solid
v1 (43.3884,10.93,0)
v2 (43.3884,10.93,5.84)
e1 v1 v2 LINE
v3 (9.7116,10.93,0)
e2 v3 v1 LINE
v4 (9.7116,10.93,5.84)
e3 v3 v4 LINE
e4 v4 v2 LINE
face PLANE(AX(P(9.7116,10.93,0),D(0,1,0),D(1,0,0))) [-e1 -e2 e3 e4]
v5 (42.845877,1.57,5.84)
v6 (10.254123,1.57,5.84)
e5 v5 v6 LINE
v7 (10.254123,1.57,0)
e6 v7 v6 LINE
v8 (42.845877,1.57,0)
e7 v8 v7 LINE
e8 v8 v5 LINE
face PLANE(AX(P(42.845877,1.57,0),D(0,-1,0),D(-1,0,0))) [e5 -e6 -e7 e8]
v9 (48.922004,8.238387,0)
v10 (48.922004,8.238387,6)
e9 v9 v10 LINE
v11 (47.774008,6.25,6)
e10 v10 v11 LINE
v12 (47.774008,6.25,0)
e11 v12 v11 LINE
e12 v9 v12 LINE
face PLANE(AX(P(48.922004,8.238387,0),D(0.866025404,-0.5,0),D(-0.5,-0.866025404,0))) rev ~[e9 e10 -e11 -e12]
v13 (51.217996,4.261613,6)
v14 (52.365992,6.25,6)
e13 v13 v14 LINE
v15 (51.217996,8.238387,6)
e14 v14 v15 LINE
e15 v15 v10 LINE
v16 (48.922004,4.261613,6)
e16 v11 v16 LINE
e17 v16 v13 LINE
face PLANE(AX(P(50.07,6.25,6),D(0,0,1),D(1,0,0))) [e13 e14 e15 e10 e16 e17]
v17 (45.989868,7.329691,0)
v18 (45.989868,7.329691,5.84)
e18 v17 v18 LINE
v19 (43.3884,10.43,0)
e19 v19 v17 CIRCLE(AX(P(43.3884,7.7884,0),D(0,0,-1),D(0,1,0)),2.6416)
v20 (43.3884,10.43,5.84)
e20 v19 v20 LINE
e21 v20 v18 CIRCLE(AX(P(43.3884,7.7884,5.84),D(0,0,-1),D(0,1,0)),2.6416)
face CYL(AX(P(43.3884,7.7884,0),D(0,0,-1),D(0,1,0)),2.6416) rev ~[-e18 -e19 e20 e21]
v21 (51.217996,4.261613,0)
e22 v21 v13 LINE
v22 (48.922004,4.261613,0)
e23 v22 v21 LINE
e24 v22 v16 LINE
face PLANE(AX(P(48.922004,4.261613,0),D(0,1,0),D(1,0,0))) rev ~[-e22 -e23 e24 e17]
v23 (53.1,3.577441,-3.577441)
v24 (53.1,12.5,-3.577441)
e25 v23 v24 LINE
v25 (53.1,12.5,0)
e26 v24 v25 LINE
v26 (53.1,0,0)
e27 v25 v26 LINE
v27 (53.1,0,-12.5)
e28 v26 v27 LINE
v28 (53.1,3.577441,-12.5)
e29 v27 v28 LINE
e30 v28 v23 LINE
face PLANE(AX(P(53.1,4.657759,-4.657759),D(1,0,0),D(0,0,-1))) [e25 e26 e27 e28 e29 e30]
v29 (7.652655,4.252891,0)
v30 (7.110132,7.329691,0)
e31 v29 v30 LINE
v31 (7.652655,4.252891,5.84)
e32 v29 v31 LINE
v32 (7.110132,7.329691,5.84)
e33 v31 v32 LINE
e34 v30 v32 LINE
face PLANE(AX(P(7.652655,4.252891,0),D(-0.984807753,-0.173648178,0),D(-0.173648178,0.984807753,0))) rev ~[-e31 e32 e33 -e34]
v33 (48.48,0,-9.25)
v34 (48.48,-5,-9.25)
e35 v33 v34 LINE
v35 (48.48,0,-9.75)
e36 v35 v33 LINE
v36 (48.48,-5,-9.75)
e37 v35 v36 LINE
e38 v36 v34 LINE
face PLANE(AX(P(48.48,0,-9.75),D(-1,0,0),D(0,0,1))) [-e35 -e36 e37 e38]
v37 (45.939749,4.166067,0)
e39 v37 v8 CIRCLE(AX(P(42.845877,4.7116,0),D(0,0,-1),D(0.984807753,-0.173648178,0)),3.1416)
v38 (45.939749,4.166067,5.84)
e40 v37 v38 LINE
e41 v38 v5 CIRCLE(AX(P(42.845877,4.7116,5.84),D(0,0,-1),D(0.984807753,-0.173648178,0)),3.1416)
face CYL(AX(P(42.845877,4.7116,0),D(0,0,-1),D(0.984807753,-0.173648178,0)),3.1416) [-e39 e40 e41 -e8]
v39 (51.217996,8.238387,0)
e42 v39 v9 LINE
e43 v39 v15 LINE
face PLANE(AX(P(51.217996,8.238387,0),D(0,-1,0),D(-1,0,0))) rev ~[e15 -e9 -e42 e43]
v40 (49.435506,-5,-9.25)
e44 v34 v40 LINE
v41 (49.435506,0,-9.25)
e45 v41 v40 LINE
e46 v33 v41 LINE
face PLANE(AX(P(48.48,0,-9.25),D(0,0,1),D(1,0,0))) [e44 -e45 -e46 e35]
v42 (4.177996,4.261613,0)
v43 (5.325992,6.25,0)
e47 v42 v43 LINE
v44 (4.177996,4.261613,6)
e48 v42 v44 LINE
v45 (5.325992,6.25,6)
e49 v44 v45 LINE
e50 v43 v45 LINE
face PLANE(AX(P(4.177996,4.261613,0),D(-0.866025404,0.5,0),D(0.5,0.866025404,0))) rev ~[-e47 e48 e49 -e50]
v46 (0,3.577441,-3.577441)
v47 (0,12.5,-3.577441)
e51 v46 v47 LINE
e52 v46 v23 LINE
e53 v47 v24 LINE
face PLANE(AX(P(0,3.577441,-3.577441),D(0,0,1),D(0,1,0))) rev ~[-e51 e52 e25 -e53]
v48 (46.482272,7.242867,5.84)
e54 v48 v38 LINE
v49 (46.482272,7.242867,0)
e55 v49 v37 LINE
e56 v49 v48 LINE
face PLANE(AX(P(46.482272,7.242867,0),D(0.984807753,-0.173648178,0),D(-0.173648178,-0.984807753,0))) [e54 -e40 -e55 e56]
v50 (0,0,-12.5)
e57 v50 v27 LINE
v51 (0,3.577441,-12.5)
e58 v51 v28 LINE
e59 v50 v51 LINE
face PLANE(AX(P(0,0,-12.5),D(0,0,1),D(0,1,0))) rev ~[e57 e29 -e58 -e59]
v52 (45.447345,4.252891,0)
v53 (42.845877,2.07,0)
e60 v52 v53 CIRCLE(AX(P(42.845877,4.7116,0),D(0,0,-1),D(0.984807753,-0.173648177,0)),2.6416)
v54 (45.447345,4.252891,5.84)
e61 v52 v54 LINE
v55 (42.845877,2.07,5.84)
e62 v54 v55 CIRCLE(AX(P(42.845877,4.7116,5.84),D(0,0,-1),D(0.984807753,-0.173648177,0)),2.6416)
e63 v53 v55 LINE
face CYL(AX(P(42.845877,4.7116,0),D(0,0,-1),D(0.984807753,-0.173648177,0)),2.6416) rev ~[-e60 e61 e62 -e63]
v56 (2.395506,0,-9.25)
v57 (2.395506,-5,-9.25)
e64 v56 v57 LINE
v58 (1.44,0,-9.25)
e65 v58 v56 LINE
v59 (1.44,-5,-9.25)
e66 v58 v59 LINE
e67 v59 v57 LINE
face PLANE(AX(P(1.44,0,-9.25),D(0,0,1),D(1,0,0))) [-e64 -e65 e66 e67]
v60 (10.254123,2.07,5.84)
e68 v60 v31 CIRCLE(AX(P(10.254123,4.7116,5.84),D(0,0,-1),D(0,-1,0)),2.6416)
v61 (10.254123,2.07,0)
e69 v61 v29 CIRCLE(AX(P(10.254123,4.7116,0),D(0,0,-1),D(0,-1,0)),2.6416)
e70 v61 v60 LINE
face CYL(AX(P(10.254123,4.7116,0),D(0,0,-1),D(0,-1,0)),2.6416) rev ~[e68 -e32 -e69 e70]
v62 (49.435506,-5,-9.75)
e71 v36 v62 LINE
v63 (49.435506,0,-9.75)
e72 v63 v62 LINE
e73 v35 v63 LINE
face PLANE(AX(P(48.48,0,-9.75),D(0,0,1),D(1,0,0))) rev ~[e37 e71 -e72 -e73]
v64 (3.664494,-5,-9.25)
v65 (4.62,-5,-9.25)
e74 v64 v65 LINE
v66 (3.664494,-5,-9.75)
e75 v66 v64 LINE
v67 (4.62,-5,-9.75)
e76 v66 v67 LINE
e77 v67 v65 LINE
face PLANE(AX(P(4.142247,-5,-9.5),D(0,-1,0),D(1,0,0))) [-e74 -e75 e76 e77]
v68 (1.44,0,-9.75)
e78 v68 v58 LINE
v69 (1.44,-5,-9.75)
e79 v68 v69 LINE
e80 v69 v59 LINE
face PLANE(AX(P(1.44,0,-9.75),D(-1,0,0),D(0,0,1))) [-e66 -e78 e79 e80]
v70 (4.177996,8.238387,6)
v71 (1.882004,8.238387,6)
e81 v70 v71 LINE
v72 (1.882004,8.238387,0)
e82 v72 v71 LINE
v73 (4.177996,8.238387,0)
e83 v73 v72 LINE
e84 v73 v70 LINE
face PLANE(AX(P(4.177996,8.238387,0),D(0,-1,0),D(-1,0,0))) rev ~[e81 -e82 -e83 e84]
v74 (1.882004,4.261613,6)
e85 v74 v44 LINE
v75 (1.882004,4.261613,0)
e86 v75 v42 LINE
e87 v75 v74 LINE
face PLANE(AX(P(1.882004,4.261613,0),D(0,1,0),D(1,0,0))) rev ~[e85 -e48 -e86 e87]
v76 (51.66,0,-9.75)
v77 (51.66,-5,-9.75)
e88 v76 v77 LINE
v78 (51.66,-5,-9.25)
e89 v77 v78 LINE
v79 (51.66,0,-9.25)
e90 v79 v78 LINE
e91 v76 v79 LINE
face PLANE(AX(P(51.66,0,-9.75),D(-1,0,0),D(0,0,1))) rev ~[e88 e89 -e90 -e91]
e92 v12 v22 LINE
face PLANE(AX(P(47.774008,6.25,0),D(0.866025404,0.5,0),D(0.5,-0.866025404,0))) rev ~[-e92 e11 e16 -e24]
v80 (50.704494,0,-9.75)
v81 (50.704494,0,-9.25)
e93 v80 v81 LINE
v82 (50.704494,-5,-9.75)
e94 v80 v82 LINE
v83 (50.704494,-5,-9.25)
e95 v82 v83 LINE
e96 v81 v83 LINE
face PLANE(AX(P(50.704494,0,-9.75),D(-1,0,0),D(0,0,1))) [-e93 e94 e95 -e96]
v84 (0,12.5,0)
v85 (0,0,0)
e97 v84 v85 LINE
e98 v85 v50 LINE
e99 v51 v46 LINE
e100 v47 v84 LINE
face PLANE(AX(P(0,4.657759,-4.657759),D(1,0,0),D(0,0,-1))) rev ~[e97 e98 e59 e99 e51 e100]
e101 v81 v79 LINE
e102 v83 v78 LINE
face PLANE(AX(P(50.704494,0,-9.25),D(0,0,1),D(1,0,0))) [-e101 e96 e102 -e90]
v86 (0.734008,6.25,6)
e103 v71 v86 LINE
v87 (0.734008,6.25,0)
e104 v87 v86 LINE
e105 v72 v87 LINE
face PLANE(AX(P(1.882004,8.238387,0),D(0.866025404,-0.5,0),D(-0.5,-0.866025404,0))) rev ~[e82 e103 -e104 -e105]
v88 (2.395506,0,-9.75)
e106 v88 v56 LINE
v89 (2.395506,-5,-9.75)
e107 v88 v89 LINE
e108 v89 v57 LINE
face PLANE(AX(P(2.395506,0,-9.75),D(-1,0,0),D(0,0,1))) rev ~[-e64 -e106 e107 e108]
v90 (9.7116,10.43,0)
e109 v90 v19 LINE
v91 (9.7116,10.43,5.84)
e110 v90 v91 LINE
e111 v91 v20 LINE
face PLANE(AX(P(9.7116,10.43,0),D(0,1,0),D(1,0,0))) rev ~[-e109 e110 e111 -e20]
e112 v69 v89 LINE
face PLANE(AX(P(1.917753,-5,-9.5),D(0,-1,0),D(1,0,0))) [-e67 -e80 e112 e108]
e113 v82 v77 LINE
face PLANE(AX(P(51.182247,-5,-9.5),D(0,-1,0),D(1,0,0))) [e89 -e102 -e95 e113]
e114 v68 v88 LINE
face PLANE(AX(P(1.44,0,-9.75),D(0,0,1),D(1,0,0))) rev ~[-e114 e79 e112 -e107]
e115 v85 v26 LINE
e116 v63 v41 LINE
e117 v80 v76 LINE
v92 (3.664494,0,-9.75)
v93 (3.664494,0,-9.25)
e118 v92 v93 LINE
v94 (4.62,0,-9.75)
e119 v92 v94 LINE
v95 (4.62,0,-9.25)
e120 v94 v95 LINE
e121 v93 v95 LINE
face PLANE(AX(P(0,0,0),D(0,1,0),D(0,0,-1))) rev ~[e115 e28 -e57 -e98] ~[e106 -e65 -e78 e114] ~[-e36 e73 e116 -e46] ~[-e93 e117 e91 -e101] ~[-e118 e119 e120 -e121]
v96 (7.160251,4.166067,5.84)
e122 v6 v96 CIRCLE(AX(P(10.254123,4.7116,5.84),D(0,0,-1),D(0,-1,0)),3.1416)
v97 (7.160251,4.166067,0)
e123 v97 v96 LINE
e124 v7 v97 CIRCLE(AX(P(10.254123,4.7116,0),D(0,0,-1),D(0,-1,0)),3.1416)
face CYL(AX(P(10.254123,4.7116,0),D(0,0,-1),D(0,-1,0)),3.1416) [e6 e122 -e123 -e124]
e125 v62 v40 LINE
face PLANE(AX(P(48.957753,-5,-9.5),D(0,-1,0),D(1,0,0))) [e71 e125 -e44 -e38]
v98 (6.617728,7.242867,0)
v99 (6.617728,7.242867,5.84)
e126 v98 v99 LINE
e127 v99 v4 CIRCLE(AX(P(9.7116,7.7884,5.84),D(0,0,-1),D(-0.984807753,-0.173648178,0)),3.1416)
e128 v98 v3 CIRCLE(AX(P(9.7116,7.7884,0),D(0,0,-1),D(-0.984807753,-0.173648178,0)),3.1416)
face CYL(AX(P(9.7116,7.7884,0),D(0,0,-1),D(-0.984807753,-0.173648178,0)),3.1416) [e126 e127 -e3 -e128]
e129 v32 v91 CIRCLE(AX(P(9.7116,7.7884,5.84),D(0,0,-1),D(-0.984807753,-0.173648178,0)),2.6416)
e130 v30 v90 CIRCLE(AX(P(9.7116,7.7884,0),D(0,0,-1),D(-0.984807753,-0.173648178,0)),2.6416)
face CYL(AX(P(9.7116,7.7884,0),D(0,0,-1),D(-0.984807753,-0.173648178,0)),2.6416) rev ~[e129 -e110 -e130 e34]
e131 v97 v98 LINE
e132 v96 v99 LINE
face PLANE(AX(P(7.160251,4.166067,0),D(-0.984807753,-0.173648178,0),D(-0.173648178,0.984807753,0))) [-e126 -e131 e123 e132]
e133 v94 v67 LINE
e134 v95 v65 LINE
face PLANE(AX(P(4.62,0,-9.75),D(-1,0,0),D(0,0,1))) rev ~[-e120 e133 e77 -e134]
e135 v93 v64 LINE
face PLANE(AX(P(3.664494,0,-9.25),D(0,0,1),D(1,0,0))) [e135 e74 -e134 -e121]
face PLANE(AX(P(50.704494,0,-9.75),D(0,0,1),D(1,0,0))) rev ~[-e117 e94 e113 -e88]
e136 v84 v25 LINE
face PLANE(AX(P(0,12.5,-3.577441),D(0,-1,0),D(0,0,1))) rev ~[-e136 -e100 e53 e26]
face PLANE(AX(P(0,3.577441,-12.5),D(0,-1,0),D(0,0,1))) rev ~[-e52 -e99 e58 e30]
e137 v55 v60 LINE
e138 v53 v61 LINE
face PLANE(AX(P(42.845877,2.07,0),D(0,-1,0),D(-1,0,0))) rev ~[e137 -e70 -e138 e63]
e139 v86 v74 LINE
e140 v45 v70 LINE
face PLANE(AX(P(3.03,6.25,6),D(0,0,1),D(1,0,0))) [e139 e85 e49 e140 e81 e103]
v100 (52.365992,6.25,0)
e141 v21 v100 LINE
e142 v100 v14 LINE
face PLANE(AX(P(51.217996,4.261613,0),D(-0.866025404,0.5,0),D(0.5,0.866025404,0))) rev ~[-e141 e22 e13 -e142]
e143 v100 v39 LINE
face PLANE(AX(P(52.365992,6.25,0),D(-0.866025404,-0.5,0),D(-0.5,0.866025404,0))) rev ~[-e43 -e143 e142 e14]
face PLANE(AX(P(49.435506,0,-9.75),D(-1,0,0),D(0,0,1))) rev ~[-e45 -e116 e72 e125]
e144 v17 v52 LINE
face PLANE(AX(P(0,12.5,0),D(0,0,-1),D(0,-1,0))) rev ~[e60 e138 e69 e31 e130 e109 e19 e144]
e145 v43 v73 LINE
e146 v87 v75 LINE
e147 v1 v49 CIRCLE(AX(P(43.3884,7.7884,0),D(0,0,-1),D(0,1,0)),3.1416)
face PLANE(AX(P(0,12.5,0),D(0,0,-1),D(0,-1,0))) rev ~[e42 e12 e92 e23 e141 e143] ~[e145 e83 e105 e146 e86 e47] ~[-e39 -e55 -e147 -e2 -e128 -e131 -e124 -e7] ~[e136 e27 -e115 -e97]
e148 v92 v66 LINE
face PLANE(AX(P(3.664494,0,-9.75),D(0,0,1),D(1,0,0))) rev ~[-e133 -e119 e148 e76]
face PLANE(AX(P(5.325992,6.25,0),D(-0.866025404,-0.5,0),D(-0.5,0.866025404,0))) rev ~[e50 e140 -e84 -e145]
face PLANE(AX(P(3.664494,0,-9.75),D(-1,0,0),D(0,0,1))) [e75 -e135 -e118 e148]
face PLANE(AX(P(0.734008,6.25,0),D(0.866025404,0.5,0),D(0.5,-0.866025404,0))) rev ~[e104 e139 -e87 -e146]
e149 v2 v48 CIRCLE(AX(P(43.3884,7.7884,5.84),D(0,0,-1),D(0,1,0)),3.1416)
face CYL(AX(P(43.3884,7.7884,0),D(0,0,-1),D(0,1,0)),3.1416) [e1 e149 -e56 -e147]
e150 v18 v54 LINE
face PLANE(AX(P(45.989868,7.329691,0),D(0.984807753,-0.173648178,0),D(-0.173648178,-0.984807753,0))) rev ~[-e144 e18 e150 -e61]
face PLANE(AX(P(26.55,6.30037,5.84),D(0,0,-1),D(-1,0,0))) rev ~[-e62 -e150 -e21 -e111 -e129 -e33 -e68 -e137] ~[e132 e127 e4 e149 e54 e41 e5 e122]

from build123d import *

# Parameters (mm, degrees)
BOSS_EXTRUDE1_DEPTH = 53.1
SKETCH3_W           = 0.955506131
SKETCH3_H           = 0.5
BOSS_EXTRUDE3_DEPTH = 5
BOSS_EXTRUDE4_DEPTH = 6
BOSS_EXTRUDE5_DEPTH = 5.84


with BuildPart() as part:
    # Sketch1 → Boss-Extrude1 (new body)
    with BuildSketch(Plane(origin=(0, 0, 0), x_dir=(0, 0, -1), z_dir=(1, 0, 0))):
        Polygon((0, 0), (12.5, 0), (12.5, 3.577441077), (3.577441077, 3.577441077), (3.577441077, 12.5), (0, 12.5), align=None)
    extrude(amount=BOSS_EXTRUDE1_DEPTH)

    # Sketch3 → Boss-Extrude3 (add)
    with BuildSketch(Plane.XZ):
        with Locations((1.917753066, -9.5)):
            Rectangle(SKETCH3_W, SKETCH3_H)
        with Locations((4.142246935, -9.5)):
            Rectangle(SKETCH3_W, SKETCH3_H)
        with Locations((48.957753066, -9.5)):
            Rectangle(SKETCH3_W, SKETCH3_H)
        with Locations((51.182246935, -9.5)):
            Rectangle(SKETCH3_W, SKETCH3_H)
    extrude(amount=BOSS_EXTRUDE3_DEPTH)

    # Sketch4 → Boss-Extrude4 (add)
    with BuildSketch(Plane.XY):
        Polygon((4.177995884, 4.261612802), (5.325991768, 6.25), (4.177995884, 8.238387198), (1.882004116, 8.238387198), (0.734008232, 6.25), (1.882004116, 4.261612802), align=None)
        Polygon((51.217995884, 4.261612802), (52.365991768, 6.25), (51.217995884, 8.238387198), (48.922004116, 8.238387198), (47.774008232, 6.25), (48.922004116, 4.261612802), align=None)
    extrude(amount=BOSS_EXTRUDE4_DEPTH)

    # Sketch6 → Boss-Extrude5 (add)
    with BuildSketch(Plane.XY):
        with BuildLine():
            Line((9.7116, 10.93), (43.3884, 10.93))
            ThreePointArc((43.3884, 10.93), (45.795005223, 9.807781555), (46.482272037, 7.242866885))
            Line((46.482272037, 7.242866885), (45.939749183, 4.166066885))
            ThreePointArc((45.939749183, 4.166066885), (44.8652587, 2.304994777), (42.845877146, 1.57))
            Line((42.845877146, 1.57), (10.254122854, 1.57))
            ThreePointArc((10.254122854, 1.57), (8.2347413, 2.304994777), (7.160250817, 4.166066885))
            Line((7.160250817, 4.166066885), (6.617727963, 7.242866885))
            ThreePointArc((6.617727963, 7.242866885), (7.304994777, 9.807781555), (9.7116, 10.93))
        make_face()
        with BuildLine():
            Line((9.7116, 10.43), (43.3884, 10.43))
            ThreePointArc((43.3884, 10.43), (45.411983001, 9.48638775), (45.98986816, 7.329690974))
            Line((45.98986816, 7.329690974), (45.447345306, 4.252890974))
            ThreePointArc((45.447345306, 4.252890974), (44.543864896, 2.688016999), (42.845877146, 2.07))
            Line((42.845877146, 2.07), (10.254122854, 2.07))
            ThreePointArc((10.254122854, 2.07), (8.556135104, 2.688016999), (7.652654694, 4.252890974))
            Line((7.652654694, 4.252890974), (7.11013184, 7.329690974))
            ThreePointArc((7.11013184, 7.329690974), (7.688016999, 9.48638775), (9.7116, 10.43))
        make_face(mode=Mode.SUBTRACT)
    extrude(amount=BOSS_EXTRUDE5_DEPTH)


solid = part.part
